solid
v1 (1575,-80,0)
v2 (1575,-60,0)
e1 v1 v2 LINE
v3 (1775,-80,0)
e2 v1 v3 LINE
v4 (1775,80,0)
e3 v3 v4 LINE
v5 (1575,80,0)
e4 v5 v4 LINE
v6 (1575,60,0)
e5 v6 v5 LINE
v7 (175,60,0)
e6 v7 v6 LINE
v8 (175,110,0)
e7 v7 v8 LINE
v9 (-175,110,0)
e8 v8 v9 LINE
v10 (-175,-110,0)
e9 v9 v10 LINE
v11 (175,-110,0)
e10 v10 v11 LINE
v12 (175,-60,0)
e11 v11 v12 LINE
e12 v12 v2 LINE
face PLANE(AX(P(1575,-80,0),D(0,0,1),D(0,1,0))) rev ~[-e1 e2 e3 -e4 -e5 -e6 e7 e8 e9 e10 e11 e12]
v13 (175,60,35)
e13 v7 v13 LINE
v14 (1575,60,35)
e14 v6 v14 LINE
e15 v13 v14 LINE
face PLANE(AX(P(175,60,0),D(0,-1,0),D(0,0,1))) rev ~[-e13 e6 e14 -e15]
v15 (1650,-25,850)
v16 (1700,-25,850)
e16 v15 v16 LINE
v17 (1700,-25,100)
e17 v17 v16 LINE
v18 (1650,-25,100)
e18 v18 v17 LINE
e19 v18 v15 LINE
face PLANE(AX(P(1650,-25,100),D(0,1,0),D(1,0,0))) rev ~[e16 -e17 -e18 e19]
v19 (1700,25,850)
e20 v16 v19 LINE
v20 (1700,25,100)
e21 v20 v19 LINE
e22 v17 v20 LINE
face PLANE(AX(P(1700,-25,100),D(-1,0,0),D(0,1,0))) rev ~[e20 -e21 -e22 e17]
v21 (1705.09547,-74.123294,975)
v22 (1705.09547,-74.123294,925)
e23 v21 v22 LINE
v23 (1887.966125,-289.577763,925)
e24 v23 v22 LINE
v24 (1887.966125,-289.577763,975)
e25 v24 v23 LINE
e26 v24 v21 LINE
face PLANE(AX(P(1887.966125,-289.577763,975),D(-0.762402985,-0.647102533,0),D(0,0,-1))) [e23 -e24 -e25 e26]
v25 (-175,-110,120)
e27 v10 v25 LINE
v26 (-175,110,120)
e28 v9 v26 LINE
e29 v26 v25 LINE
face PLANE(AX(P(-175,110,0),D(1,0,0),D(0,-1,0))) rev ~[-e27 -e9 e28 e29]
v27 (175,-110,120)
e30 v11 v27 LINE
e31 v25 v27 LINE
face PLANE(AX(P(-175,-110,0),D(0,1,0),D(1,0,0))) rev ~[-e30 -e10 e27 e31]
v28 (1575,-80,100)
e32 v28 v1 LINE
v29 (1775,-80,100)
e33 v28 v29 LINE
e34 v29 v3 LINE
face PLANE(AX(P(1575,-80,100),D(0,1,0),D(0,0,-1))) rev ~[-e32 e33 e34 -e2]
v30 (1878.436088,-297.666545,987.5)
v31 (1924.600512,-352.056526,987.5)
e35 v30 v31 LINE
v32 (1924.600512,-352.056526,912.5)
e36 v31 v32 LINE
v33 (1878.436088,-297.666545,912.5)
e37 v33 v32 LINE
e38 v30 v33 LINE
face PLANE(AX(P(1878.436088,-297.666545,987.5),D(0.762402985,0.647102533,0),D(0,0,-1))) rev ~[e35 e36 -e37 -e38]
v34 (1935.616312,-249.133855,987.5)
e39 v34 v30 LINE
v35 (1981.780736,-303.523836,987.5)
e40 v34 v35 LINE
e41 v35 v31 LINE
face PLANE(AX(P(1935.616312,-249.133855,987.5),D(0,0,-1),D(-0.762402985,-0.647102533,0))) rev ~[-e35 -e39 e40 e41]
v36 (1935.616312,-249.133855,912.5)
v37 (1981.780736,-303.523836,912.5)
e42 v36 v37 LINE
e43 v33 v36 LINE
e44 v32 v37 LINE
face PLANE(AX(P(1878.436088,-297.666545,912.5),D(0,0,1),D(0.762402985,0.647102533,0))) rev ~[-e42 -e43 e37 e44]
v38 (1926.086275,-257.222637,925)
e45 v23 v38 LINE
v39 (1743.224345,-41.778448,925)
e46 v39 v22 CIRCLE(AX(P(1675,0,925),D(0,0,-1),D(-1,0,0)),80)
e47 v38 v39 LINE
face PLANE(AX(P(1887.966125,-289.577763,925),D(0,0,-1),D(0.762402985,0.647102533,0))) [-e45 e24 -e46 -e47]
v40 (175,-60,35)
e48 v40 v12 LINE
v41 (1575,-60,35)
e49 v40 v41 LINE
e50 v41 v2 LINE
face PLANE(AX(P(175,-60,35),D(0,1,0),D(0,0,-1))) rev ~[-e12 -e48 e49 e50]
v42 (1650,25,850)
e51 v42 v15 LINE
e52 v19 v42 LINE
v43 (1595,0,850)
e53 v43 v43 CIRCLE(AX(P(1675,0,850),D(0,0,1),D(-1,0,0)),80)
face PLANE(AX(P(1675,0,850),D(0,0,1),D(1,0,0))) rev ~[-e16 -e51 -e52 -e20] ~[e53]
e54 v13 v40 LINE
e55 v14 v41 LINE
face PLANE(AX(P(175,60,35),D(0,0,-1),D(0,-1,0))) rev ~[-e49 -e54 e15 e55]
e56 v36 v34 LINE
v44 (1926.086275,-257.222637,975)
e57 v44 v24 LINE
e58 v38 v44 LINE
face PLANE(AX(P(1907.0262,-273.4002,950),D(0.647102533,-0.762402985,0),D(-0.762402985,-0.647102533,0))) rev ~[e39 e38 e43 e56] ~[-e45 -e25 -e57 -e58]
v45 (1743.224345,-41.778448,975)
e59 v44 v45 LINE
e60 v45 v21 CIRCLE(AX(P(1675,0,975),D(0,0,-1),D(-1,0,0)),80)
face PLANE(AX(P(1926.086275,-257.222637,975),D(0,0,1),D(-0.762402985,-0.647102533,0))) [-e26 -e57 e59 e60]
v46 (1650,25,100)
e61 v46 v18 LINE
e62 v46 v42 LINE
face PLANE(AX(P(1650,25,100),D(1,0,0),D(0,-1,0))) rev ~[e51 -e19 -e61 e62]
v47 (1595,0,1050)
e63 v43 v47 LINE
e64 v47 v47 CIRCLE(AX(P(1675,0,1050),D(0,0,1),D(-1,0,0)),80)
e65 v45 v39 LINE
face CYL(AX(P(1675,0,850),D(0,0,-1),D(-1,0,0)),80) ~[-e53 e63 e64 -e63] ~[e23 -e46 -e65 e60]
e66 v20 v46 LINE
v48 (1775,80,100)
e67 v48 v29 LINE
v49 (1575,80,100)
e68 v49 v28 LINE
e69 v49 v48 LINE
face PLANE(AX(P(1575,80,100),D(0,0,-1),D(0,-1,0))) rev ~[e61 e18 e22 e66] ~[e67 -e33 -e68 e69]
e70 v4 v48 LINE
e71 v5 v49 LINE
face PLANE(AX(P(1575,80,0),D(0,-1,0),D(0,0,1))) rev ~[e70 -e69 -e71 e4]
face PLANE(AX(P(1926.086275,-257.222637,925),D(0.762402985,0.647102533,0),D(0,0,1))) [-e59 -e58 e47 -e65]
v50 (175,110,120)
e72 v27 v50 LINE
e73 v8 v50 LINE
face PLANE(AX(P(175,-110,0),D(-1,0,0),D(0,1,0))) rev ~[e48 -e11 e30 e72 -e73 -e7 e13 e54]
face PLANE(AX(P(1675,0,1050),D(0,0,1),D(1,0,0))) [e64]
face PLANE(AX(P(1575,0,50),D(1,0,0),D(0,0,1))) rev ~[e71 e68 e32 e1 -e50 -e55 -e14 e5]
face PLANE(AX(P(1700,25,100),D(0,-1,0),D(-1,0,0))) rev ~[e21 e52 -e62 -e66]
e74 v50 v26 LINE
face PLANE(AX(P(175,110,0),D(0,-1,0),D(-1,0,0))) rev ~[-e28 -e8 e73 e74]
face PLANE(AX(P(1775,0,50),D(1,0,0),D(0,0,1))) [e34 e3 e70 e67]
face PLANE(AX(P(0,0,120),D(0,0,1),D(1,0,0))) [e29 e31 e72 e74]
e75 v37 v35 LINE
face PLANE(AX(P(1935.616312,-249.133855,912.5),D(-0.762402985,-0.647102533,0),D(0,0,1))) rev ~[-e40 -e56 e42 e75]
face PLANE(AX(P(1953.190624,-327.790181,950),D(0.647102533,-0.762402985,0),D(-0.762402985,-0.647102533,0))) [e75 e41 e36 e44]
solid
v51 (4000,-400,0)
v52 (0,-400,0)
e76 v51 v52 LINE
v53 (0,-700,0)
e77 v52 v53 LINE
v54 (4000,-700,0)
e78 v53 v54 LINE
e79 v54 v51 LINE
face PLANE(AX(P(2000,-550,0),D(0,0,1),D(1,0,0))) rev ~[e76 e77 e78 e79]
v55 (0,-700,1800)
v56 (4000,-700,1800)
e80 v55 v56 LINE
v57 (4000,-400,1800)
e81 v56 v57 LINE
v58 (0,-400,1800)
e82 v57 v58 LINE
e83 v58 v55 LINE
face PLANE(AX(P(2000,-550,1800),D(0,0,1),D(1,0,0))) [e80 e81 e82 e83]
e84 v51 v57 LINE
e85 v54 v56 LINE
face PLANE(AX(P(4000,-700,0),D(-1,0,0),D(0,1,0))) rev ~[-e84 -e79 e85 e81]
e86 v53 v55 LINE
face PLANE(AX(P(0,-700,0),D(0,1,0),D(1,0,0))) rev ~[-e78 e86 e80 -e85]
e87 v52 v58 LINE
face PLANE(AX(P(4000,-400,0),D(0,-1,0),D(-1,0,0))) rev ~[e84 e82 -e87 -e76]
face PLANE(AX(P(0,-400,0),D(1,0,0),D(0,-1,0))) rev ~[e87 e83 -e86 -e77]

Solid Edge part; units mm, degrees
sketch "Sketch1" plane through (0, 0, 0) normal (0, 0, 1) x (1, 0, 0)
  line L0 (4000, -700) -> (4000, -400)
  line L1 (4000, -400) -> (0, -400)
  line L2 (0, -400) -> (0, -700)
  line L3 (0, -700) -> (4000, -700)
extrude "Protrusion1" add sketch "Sketch1" along normal blind 1800
sketch "Sketch2" plane through (0, 0, 0) normal (0, 0, 1) x (1, 0, 0)
  line L0 (175, 110) -> (-175, 110)
  line L1 (-175, 110) -> (-175, -110)
  line L2 (-175, -110) -> (175, -110)
  line L3 (175, -110) -> (175, 110)
extrude "ExtrudedProtrusion_2" add sketch "Sketch2" along normal blind 120
sketch "Sketch3" plane through (175, 0, 60) normal (1, 0, 0) x (0, 1, 0)
  line L0 (60, -25) -> (-60, -25)
  line L1 (-60, -25) -> (-60, -60)
  line L2 (-60, -60) -> (60, -60)
  line L3 (60, -60) -> (60, -25)
extrude "ExtrudedProtrusion_3" add sketch "Sketch3" along normal blind 1400
sketch "Sketch4" plane through (1575, 0, 17.5) normal (1, 0, 0) x (0, 1, 0)
  line L0 (80, 82.5) -> (-80, 82.5)
  line L1 (-80, 82.5) -> (-80, -17.5)
  line L2 (-80, -17.5) -> (80, -17.5)
  line L3 (80, -17.5) -> (80, 82.5)
extrude "ExtrudedProtrusion_4" add sketch "Sketch4" along normal blind 200
sketch "Sketch5" plane through (1675, 0, 100) normal (0, 0, 1) x (0, 1, 0)
  line L0 (25, -25) -> (25, 25)
  line L1 (25, 25) -> (-25, 25)
  line L2 (-25, 25) -> (-25, -25)
  line L3 (-25, -25) -> (25, -25)
extrude "ExtrudedProtrusion_5" add sketch "Sketch5" along normal blind 750
sketch "Sketch6" plane through (1675, 0, 850) normal (0, 0, 1) x (-1, 0, 0)
  circle A0 centre (0, 0) radius 80
extrude "ExtrudedProtrusion_6" add sketch "Sketch6" along normal blind 200
sketch "Sketch7" plane through (1907.0262, -273.4002, 950) normal (0.6471, -0.7624, 0) x (0, 0, -1)
  line L0 (25, 25) -> (-25, 25)
  line L1 (-25, 25) -> (-25, -25)
  line L2 (-25, -25) -> (25, -25)
  line L3 (25, -25) -> (25, 25)
extrude "Protrusion2" add sketch "Sketch7" against normal up to vertex (358.5858 mm away)
sketch "Sketch8" plane through (1907.0262, -273.4002, 950) normal (0.6471, -0.7624, 0) x (0, 0, -1)
  line L0 (37.5, 37.5) -> (-37.5, 37.5)
  line L1 (-37.5, 37.5) -> (-37.5, -37.5)
  line L2 (-37.5, -37.5) -> (37.5, -37.5)
  line L3 (37.5, -37.5) -> (37.5, 37.5)
extrude "ExtrudedProtrusion_10" add sketch "Sketch8" along normal blind 71.3402
